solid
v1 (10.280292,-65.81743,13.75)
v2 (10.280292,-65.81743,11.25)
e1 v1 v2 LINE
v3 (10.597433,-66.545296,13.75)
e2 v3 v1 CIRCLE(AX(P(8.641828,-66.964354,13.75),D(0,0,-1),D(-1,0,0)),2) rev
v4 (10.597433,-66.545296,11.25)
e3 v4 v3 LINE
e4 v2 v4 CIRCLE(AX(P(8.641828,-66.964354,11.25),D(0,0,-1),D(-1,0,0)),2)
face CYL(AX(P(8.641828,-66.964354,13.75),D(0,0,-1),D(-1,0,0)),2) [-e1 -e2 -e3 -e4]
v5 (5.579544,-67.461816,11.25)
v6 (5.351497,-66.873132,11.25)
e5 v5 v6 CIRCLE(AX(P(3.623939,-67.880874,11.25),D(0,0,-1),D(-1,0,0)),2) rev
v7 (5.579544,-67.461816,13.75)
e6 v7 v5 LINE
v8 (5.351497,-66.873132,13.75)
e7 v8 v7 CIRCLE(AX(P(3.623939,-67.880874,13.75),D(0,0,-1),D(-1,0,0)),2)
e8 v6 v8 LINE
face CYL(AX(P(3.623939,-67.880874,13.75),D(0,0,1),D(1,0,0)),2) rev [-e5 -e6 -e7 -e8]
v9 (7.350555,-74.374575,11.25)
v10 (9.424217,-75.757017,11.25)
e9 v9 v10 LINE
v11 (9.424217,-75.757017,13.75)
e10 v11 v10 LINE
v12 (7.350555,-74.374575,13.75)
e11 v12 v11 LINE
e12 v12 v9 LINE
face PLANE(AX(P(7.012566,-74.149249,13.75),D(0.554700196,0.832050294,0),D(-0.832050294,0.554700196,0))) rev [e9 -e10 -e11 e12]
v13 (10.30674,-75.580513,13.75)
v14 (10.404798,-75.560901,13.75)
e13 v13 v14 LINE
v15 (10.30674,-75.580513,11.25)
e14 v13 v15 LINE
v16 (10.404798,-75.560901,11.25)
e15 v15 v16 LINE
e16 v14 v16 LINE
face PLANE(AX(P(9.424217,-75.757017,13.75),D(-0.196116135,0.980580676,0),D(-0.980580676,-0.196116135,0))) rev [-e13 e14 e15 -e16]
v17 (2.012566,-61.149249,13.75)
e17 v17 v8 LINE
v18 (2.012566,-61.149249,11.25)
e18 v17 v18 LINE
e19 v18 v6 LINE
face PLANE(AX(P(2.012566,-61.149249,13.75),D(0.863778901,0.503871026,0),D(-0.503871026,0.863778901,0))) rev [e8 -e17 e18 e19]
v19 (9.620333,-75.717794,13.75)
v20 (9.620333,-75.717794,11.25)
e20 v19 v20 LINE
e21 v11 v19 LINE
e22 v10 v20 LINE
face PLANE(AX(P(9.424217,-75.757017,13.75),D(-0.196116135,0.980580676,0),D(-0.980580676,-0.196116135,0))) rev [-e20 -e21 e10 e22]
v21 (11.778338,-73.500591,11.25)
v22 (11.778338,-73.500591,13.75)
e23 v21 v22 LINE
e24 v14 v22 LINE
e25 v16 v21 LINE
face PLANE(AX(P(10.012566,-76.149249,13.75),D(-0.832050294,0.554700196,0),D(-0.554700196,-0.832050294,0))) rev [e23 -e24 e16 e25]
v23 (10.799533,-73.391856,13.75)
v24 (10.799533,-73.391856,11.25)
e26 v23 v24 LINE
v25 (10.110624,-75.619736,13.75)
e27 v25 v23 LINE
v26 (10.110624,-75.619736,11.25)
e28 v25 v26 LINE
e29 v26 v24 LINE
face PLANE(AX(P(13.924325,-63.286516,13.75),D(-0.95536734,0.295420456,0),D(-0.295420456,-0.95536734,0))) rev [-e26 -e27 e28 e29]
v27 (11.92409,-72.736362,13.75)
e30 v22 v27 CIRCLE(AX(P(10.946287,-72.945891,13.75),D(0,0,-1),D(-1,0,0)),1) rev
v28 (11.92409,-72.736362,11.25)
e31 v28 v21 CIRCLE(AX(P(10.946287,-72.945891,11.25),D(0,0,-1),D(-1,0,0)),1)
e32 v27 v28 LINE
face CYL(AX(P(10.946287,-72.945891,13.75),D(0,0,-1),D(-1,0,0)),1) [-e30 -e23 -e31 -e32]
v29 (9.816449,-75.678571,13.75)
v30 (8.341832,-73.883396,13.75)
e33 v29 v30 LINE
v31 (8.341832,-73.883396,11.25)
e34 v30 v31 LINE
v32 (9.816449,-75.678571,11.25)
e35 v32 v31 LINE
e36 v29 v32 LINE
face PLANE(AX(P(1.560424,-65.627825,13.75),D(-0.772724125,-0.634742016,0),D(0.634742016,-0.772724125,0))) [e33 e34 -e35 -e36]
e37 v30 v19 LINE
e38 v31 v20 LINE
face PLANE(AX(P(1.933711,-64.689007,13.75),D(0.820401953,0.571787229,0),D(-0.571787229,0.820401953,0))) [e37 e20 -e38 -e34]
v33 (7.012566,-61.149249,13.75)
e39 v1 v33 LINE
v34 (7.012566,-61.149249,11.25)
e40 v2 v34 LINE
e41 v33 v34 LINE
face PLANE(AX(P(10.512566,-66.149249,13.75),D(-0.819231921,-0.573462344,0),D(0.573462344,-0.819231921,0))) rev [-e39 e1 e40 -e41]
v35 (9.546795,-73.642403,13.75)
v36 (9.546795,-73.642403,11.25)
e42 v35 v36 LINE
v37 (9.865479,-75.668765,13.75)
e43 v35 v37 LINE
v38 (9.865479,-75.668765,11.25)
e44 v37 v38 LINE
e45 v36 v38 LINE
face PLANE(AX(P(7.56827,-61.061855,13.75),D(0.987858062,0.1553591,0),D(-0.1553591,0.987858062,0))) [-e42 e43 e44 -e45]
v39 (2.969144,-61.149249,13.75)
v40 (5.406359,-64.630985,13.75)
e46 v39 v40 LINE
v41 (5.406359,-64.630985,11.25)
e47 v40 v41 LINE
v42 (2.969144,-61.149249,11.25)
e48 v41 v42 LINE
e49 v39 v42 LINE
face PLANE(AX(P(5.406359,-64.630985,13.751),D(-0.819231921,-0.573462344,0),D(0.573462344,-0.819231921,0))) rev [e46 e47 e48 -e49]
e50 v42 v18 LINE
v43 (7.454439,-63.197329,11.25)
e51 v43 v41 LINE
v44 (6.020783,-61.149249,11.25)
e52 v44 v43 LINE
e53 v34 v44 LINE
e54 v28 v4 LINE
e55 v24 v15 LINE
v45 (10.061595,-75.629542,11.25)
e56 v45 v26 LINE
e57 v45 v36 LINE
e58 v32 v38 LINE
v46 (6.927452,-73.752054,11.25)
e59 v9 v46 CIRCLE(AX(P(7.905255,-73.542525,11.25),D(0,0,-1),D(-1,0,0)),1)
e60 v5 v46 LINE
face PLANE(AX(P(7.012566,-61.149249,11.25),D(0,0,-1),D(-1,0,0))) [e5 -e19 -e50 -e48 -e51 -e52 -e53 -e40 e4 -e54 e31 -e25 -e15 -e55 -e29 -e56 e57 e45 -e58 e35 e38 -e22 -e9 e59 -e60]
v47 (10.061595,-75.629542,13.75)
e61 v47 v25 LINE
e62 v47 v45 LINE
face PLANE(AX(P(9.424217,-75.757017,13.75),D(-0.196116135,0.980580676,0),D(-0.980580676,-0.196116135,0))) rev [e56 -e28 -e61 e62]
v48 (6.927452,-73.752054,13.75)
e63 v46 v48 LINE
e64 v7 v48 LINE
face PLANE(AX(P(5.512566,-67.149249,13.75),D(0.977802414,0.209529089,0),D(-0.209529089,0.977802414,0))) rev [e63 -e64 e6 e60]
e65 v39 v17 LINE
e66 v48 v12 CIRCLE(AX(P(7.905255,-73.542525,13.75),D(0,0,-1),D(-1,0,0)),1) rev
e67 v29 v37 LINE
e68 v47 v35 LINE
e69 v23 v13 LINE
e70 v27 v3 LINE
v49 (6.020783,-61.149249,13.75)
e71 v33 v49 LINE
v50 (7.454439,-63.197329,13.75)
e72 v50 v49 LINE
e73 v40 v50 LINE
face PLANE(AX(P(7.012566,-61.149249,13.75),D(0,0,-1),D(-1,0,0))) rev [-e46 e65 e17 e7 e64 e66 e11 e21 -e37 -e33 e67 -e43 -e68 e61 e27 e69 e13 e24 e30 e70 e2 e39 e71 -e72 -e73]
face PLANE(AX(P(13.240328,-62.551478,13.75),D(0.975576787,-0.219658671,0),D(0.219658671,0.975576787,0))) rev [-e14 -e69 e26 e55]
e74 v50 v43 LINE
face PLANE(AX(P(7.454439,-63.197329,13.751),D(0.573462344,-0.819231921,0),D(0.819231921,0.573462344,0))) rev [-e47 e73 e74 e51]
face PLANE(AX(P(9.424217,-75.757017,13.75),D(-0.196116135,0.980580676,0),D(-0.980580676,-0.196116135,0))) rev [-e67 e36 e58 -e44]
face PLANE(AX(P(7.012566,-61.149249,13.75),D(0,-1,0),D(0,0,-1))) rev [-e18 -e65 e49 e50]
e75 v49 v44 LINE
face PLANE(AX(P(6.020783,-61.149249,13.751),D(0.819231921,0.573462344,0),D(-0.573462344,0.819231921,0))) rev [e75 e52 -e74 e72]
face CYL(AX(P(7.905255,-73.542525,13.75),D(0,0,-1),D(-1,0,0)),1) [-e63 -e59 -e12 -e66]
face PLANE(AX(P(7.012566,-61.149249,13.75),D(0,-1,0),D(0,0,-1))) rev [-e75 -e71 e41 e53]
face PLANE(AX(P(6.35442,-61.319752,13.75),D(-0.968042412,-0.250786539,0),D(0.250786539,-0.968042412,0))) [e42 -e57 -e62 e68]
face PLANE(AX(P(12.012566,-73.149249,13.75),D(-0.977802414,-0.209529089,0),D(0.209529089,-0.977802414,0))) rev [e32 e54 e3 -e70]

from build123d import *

# Parameters (mm, degrees)
MAIN_EXTRUDE_DEPTH    = 25
BOTTOM_FOOT_CUT_DEPTH = 26
TALON_CUTS_DEPTH      = 26
ANKLE_FILLETS_R       = 10
INNER_LEG_FILLET_R    = 20
KNEE_FILLET_R         = 20
SCALE1_SCALE          = 0.1
CUT_EXTRUDE3_REACH    = 4.5


with BuildPart() as part:
    # Sketch6 → Main Extrude (new body)
    with BuildSketch(Plane.XY):
        Polygon((0, 0), (-50, 0), (-15, -60), (0, -130), (30, -150), (50, -120), (35, -50), align=None)
    extrude(amount=MAIN_EXTRUDE_DEPTH)

    # Sketch9 → Bottom Foot Cut (cut, through all)
    with BuildSketch(Plane(origin=(0, 0, 0), x_dir=(-1, 0, 0), z_dir=(0, 0, -1))):
        Polygon((-30, -150), (-24.116515946, -146.077677297), (-33.922322703, -144.116515946), align=None)
    extrude(amount=-BOTTOM_FOOT_CUT_DEPTH, mode=Mode.SUBTRACT)

    # Sketch11 → Talon Cuts (cut, through all)
    with BuildSketch(Plane(origin=(0, 0, 0), x_dir=(-1, 0, 0), z_dir=(0, 0, -1))):
        Polygon((-32.941742027, -144.312632081), (-30.980580676, -144.704864351), (-37.869672024, -122.426065595), align=None)
        Polygon((-30.490290338, -144.802922419), (-28.529128986, -145.195154689), (-25.342297799, -124.93154044), align=None)
        Polygon((-28.038838649, -145.293212757), (-26.077677297, -145.685445027), (-13.292661468, -127.341467706), align=None)
    extrude(amount=-TALON_CUTS_DEPTH, mode=Mode.SUBTRACT)

    # Ankle Fillets
    ankle_fillets_edges = [part.edges().sort_by_distance(p)[0] for p in [
        (50, -120, 12.5),
        (0, -130, 12.5),
    ]]
    fillet(ankle_fillets_edges, radius=ANKLE_FILLETS_R)

    # Inner Leg Fillet
    inner_leg_fillet_edges = [part.edges().sort_by_distance(p)[0] for p in [
        (-15, -60, 12.5),
    ]]
    fillet(inner_leg_fillet_edges, radius=INNER_LEG_FILLET_R)

    # Knee Fillet
    knee_fillet_edges = [part.edges().sort_by_distance(p)[0] for p in [
        (35, -50, 12.5),
    ]]
    fillet(knee_fillet_edges, radius=KNEE_FILLET_R)


with BuildPart() as part_1:
    # Scale1: scaled about (7.791739568, -67.94361037, 12.5)
    add(part.part.scale(SCALE1_SCALE).moved(Location((7.012565611, -61.149249333, 11.25))))

    # Sketch12 → Cut-Extrude3 (cut, up to next)
    with BuildSketch(Plane(origin=(0, 0, 11.25), x_dir=(-1, 0, 0), z_dir=(0, 0, -1)), mode=Mode.PRIVATE) as cut_extrude3_sk1:
        Polygon((-6.020782968, -61.149249333), (-7.454438828, -63.197329134), (-5.406359027, -64.630984995), (-2.969144064, -61.149249333), align=None)
    cut_extrude3_tool1 = extrude(cut_extrude3_sk1.sketch, amount=-CUT_EXTRUDE3_REACH, mode=Mode.PRIVATE) & part_1.part
    add(cut_extrude3_tool1.solids().sort_by_distance((5.352502, -62.562677, 11.25))[0], mode=Mode.SUBTRACT)


solid = part_1.part
